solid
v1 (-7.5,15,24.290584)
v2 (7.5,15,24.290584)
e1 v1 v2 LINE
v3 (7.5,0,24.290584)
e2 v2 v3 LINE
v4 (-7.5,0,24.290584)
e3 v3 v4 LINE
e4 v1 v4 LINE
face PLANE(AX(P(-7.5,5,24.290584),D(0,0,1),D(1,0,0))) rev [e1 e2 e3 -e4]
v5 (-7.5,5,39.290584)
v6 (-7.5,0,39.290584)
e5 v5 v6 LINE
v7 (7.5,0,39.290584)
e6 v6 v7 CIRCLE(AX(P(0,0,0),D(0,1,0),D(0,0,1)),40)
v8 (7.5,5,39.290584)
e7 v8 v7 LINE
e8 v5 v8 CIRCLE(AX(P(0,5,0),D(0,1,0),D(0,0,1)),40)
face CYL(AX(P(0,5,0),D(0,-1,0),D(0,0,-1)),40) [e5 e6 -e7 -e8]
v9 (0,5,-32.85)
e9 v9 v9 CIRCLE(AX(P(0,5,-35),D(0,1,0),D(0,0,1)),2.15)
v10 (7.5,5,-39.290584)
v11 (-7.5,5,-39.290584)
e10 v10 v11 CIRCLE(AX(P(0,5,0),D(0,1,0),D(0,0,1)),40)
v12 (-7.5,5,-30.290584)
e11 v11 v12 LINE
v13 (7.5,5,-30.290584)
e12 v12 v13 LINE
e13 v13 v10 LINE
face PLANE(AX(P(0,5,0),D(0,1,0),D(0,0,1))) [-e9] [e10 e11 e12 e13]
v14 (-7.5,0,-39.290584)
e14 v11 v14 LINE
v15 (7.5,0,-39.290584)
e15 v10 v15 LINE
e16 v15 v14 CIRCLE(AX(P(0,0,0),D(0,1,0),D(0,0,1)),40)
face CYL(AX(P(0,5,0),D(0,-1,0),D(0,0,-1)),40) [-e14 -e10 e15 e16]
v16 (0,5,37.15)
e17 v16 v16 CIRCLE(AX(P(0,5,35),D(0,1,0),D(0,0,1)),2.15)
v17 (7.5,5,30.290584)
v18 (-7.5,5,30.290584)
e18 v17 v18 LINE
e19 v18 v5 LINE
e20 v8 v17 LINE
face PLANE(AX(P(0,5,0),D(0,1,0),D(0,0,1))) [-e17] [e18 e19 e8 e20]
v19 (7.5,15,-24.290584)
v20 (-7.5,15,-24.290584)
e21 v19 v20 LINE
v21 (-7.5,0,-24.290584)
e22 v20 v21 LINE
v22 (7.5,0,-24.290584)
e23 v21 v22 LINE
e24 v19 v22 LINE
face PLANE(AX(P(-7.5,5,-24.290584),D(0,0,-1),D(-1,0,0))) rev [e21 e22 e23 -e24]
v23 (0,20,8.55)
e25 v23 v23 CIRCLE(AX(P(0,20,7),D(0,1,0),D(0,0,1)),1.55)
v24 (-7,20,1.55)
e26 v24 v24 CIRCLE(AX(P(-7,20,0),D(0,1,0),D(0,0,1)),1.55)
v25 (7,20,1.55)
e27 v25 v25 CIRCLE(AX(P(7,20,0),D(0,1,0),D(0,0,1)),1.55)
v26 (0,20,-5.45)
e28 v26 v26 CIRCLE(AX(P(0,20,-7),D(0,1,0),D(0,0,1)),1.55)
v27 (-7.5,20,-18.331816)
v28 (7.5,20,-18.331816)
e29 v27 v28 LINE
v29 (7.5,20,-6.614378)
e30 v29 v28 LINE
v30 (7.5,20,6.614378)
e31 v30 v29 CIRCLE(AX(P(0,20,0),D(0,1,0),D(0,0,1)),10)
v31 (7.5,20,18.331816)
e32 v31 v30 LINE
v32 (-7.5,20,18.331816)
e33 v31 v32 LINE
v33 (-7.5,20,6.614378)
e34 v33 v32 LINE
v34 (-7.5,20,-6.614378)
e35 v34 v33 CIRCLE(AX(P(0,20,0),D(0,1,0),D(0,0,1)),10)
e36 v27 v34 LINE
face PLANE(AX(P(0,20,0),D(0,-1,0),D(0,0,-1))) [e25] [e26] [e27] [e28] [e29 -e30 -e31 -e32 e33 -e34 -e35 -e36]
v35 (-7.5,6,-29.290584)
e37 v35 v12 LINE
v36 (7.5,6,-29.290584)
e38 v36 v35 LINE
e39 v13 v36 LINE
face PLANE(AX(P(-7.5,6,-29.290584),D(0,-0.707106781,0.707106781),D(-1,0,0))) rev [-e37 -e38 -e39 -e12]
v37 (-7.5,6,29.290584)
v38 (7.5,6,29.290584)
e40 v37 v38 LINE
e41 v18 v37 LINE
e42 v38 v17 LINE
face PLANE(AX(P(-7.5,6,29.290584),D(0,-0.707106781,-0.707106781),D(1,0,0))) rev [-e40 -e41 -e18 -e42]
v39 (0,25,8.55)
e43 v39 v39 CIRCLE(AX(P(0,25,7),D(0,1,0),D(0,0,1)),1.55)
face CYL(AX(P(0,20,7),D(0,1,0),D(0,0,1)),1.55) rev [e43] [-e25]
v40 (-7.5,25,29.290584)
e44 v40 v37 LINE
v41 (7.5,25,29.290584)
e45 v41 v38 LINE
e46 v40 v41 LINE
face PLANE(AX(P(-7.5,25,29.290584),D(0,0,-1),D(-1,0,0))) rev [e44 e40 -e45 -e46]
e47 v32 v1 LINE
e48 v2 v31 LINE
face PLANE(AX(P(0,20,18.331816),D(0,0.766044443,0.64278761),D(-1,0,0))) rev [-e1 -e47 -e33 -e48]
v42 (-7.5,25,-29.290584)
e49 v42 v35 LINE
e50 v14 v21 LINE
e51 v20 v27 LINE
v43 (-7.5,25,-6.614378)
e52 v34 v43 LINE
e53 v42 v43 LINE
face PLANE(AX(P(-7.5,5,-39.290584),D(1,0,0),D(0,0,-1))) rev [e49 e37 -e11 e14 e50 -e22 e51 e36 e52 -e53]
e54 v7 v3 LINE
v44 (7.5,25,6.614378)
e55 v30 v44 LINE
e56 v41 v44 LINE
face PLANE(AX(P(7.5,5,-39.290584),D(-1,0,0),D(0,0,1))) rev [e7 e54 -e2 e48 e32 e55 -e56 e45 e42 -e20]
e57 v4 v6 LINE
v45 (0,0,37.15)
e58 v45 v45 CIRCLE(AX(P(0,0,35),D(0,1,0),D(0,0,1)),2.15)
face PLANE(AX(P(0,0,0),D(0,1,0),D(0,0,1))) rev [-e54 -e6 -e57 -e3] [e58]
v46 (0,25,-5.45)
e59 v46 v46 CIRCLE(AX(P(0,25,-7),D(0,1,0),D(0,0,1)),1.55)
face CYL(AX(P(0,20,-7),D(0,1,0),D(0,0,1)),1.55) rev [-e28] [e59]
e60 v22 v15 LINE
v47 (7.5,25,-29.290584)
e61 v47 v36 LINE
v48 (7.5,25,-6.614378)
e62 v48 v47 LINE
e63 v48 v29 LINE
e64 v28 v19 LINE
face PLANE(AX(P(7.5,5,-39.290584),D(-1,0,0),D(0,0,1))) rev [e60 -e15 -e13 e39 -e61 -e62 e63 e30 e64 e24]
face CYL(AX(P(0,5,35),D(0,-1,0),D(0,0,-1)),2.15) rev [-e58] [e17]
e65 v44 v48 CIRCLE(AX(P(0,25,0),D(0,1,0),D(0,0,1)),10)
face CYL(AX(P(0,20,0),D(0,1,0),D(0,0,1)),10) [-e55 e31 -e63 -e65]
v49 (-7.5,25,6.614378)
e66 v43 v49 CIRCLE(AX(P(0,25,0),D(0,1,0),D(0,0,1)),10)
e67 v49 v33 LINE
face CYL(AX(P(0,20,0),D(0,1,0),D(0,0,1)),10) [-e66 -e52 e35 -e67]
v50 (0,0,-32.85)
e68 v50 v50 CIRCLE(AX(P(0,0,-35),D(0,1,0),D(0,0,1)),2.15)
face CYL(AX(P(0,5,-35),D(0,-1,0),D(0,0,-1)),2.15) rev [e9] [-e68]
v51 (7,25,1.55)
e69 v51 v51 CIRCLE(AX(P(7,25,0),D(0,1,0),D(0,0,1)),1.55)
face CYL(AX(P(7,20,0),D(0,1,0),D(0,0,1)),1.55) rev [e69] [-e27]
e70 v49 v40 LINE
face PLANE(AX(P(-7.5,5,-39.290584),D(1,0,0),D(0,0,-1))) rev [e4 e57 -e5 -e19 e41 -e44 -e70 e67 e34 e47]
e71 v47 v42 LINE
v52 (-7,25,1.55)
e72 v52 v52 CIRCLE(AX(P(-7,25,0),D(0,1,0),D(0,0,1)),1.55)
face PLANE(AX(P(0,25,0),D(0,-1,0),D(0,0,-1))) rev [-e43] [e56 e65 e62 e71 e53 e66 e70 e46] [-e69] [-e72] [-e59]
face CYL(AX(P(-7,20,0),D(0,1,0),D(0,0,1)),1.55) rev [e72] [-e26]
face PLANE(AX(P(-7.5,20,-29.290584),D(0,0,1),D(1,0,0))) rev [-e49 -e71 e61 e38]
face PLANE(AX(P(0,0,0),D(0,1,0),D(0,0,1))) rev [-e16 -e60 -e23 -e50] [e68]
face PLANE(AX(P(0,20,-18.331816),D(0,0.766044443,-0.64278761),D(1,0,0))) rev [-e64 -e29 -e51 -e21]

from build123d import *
from OCP.BRepFilletAPI import BRepFilletAPI_MakeChamfer

# Parameters (mm, degrees)
SKETCH1_R             = 2.15
BOSS_EXTRUDE1_DEPTH   = 5
BOSS_EXTRUDE1_2_DEPTH = 5
SKETCH2_W             = 15
SKETCH2_H             = 5
BOSS_EXTRUDE2_DEPTH   = 15
SKETCH3_W             = 15
SKETCH3_H             = 58.581168228
BOSS_EXTRUDE3_DEPTH   = 5
SKETCH4_R             = 10
BOSS_EXTRUDE4_DEPTH   = 5
SKETCH5_R             = 1.55
CUT_EXTRUDE1_DEPTH    = 5
CHAMFER2_SIZE         = 5
CHAMFER2_SIZE2        = 5.958767963
CHAMFER3_SIZE         = 1


with BuildPart() as part:
    # Sketch1 → Boss-Extrude1 (new body)
    with BuildSketch(Plane(origin=(0, 0, 0), x_dir=(1, 0, 0), z_dir=(0, 1, 0))):
        with BuildLine():
            Line((-7.5, -24.290584114), (-7.5, -39.290584114))
            ThreePointArc((-7.5, -39.290584114), (0, -40), (7.5, -39.290584114))
            Line((7.5, -39.290584114), (7.5, -24.290584114))
            Line((7.5, -24.290584114), (-7.5, -24.290584114))
        make_face()
        with Locations(Location((0, -35, 0), (0, 0, 270))):
            Circle(SKETCH1_R, mode=Mode.SUBTRACT)
    extrude(amount=BOSS_EXTRUDE1_DEPTH)



with BuildPart() as body_2:
    # Sketch1 → Boss-Extrude1 2 (new body)
    with BuildSketch(Plane(origin=(0, 0, 0), x_dir=(1, 0, 0), z_dir=(0, 1, 0))):
        with BuildLine():
            Line((-7.5, 39.290584114), (-7.5, 24.290584114))
            Line((-7.5, 24.290584114), (7.5, 24.290584114))
            Line((7.5, 24.290584114), (7.5, 39.290584114))
            ThreePointArc((7.5, 39.290584114), (0, 40), (-7.5, 39.290584114))
        make_face()
        with Locations(Location((0, 35, 0), (0, 0, 270))):
            Circle(SKETCH1_R, mode=Mode.SUBTRACT)
    extrude(amount=BOSS_EXTRUDE1_2_DEPTH)


with BuildPart() as part_1:
    add(part.part)

    add(body_2.part)  # Boss-Extrude2 merges body 2
    # Sketch2 → Boss-Extrude2 (add)
    with BuildSketch(Plane(origin=(0, 5, 0), x_dir=(1, 0, 0), z_dir=(0, 1, 0))):
        with Locations((0, -26.790584114)):
            Rectangle(SKETCH2_W, SKETCH2_H)
        with Locations((0, 26.790584114)):
            Rectangle(SKETCH2_W, SKETCH2_H)
    extrude(amount=BOSS_EXTRUDE2_DEPTH)

    # Sketch3 → Boss-Extrude3 (add)
    with BuildSketch(Plane(origin=(0, 20, 0), x_dir=(1, 0, 0), z_dir=(0, 1, 0))):
        Rectangle(SKETCH3_W, SKETCH3_H)
    extrude(amount=BOSS_EXTRUDE3_DEPTH)

    # Sketch4 → Boss-Extrude4 (add)
    with BuildSketch(Plane(origin=(0, 25, 0), x_dir=(1, 0, 0), z_dir=(0, 1, 0))):
        Circle(SKETCH4_R)
    extrude(amount=-BOSS_EXTRUDE4_DEPTH)

    # Sketch5 → Cut-Extrude1 (cut)
    with BuildSketch(Plane(origin=(0, 25, 0), x_dir=(1, 0, 0), z_dir=(0, 1, 0))):
        with Locations(Location((0, 7, 0), (0, 0, 270))):
            Circle(SKETCH5_R)
        with Locations(Location((7, 0, 0), (0, 0, 270))):
            Circle(SKETCH5_R)
        with Locations(Location((0, -7, 0), (0, 0, 270))):
            Circle(SKETCH5_R)
        with Locations(Location((-7, 0, 0), (0, 0, 270))):
            Circle(SKETCH5_R)
    extrude(amount=-CUT_EXTRUDE1_DEPTH, mode=Mode.SUBTRACT)

    # Chamfer2: one chamfer whose edges measure the first distance from different faces: ONE call of the kernel's chamfer builder (chamfer() names one face for all edges)
    chamfer2_edges_1 = [part_1.edges().sort_by_distance(p)[0] for p in [
        (0, 20, -24.290584114),
    ]]
    chamfer2_side_1 = [part_1.faces().sort_by_distance(p)[0] for p in [
        (0, 10, -24.290584114),
    ]]
    chamfer2_edges_2 = [part_1.edges().sort_by_distance(p)[0] for p in [
        (0, 20, 24.290584114),
    ]]
    chamfer2_side_2 = [part_1.faces().sort_by_distance(p)[0] for p in [
        (0, 10, 24.290584114),
    ]]
    chamfer2 = BRepFilletAPI_MakeChamfer(part_1.part.solid().wrapped)
    for e in chamfer2_edges_1:
        chamfer2.Add(CHAMFER2_SIZE, CHAMFER2_SIZE2, e.wrapped, chamfer2_side_1[0].wrapped)  # the first distance lies on this face
    for e in chamfer2_edges_2:
        chamfer2.Add(CHAMFER2_SIZE, CHAMFER2_SIZE2, e.wrapped, chamfer2_side_2[0].wrapped)  # the first distance lies on this face
    add(Compound.cast(chamfer2.Shape()), mode=Mode.REPLACE)

    # Chamfer3
    chamfer3_edges = [part_1.edges().sort_by_distance(p)[0] for p in [
        (0, 5, -29.290584114),
        (0, 5, 29.290584114),
    ]]
    chamfer(chamfer3_edges, length=CHAMFER3_SIZE)


solid = part_1.part
